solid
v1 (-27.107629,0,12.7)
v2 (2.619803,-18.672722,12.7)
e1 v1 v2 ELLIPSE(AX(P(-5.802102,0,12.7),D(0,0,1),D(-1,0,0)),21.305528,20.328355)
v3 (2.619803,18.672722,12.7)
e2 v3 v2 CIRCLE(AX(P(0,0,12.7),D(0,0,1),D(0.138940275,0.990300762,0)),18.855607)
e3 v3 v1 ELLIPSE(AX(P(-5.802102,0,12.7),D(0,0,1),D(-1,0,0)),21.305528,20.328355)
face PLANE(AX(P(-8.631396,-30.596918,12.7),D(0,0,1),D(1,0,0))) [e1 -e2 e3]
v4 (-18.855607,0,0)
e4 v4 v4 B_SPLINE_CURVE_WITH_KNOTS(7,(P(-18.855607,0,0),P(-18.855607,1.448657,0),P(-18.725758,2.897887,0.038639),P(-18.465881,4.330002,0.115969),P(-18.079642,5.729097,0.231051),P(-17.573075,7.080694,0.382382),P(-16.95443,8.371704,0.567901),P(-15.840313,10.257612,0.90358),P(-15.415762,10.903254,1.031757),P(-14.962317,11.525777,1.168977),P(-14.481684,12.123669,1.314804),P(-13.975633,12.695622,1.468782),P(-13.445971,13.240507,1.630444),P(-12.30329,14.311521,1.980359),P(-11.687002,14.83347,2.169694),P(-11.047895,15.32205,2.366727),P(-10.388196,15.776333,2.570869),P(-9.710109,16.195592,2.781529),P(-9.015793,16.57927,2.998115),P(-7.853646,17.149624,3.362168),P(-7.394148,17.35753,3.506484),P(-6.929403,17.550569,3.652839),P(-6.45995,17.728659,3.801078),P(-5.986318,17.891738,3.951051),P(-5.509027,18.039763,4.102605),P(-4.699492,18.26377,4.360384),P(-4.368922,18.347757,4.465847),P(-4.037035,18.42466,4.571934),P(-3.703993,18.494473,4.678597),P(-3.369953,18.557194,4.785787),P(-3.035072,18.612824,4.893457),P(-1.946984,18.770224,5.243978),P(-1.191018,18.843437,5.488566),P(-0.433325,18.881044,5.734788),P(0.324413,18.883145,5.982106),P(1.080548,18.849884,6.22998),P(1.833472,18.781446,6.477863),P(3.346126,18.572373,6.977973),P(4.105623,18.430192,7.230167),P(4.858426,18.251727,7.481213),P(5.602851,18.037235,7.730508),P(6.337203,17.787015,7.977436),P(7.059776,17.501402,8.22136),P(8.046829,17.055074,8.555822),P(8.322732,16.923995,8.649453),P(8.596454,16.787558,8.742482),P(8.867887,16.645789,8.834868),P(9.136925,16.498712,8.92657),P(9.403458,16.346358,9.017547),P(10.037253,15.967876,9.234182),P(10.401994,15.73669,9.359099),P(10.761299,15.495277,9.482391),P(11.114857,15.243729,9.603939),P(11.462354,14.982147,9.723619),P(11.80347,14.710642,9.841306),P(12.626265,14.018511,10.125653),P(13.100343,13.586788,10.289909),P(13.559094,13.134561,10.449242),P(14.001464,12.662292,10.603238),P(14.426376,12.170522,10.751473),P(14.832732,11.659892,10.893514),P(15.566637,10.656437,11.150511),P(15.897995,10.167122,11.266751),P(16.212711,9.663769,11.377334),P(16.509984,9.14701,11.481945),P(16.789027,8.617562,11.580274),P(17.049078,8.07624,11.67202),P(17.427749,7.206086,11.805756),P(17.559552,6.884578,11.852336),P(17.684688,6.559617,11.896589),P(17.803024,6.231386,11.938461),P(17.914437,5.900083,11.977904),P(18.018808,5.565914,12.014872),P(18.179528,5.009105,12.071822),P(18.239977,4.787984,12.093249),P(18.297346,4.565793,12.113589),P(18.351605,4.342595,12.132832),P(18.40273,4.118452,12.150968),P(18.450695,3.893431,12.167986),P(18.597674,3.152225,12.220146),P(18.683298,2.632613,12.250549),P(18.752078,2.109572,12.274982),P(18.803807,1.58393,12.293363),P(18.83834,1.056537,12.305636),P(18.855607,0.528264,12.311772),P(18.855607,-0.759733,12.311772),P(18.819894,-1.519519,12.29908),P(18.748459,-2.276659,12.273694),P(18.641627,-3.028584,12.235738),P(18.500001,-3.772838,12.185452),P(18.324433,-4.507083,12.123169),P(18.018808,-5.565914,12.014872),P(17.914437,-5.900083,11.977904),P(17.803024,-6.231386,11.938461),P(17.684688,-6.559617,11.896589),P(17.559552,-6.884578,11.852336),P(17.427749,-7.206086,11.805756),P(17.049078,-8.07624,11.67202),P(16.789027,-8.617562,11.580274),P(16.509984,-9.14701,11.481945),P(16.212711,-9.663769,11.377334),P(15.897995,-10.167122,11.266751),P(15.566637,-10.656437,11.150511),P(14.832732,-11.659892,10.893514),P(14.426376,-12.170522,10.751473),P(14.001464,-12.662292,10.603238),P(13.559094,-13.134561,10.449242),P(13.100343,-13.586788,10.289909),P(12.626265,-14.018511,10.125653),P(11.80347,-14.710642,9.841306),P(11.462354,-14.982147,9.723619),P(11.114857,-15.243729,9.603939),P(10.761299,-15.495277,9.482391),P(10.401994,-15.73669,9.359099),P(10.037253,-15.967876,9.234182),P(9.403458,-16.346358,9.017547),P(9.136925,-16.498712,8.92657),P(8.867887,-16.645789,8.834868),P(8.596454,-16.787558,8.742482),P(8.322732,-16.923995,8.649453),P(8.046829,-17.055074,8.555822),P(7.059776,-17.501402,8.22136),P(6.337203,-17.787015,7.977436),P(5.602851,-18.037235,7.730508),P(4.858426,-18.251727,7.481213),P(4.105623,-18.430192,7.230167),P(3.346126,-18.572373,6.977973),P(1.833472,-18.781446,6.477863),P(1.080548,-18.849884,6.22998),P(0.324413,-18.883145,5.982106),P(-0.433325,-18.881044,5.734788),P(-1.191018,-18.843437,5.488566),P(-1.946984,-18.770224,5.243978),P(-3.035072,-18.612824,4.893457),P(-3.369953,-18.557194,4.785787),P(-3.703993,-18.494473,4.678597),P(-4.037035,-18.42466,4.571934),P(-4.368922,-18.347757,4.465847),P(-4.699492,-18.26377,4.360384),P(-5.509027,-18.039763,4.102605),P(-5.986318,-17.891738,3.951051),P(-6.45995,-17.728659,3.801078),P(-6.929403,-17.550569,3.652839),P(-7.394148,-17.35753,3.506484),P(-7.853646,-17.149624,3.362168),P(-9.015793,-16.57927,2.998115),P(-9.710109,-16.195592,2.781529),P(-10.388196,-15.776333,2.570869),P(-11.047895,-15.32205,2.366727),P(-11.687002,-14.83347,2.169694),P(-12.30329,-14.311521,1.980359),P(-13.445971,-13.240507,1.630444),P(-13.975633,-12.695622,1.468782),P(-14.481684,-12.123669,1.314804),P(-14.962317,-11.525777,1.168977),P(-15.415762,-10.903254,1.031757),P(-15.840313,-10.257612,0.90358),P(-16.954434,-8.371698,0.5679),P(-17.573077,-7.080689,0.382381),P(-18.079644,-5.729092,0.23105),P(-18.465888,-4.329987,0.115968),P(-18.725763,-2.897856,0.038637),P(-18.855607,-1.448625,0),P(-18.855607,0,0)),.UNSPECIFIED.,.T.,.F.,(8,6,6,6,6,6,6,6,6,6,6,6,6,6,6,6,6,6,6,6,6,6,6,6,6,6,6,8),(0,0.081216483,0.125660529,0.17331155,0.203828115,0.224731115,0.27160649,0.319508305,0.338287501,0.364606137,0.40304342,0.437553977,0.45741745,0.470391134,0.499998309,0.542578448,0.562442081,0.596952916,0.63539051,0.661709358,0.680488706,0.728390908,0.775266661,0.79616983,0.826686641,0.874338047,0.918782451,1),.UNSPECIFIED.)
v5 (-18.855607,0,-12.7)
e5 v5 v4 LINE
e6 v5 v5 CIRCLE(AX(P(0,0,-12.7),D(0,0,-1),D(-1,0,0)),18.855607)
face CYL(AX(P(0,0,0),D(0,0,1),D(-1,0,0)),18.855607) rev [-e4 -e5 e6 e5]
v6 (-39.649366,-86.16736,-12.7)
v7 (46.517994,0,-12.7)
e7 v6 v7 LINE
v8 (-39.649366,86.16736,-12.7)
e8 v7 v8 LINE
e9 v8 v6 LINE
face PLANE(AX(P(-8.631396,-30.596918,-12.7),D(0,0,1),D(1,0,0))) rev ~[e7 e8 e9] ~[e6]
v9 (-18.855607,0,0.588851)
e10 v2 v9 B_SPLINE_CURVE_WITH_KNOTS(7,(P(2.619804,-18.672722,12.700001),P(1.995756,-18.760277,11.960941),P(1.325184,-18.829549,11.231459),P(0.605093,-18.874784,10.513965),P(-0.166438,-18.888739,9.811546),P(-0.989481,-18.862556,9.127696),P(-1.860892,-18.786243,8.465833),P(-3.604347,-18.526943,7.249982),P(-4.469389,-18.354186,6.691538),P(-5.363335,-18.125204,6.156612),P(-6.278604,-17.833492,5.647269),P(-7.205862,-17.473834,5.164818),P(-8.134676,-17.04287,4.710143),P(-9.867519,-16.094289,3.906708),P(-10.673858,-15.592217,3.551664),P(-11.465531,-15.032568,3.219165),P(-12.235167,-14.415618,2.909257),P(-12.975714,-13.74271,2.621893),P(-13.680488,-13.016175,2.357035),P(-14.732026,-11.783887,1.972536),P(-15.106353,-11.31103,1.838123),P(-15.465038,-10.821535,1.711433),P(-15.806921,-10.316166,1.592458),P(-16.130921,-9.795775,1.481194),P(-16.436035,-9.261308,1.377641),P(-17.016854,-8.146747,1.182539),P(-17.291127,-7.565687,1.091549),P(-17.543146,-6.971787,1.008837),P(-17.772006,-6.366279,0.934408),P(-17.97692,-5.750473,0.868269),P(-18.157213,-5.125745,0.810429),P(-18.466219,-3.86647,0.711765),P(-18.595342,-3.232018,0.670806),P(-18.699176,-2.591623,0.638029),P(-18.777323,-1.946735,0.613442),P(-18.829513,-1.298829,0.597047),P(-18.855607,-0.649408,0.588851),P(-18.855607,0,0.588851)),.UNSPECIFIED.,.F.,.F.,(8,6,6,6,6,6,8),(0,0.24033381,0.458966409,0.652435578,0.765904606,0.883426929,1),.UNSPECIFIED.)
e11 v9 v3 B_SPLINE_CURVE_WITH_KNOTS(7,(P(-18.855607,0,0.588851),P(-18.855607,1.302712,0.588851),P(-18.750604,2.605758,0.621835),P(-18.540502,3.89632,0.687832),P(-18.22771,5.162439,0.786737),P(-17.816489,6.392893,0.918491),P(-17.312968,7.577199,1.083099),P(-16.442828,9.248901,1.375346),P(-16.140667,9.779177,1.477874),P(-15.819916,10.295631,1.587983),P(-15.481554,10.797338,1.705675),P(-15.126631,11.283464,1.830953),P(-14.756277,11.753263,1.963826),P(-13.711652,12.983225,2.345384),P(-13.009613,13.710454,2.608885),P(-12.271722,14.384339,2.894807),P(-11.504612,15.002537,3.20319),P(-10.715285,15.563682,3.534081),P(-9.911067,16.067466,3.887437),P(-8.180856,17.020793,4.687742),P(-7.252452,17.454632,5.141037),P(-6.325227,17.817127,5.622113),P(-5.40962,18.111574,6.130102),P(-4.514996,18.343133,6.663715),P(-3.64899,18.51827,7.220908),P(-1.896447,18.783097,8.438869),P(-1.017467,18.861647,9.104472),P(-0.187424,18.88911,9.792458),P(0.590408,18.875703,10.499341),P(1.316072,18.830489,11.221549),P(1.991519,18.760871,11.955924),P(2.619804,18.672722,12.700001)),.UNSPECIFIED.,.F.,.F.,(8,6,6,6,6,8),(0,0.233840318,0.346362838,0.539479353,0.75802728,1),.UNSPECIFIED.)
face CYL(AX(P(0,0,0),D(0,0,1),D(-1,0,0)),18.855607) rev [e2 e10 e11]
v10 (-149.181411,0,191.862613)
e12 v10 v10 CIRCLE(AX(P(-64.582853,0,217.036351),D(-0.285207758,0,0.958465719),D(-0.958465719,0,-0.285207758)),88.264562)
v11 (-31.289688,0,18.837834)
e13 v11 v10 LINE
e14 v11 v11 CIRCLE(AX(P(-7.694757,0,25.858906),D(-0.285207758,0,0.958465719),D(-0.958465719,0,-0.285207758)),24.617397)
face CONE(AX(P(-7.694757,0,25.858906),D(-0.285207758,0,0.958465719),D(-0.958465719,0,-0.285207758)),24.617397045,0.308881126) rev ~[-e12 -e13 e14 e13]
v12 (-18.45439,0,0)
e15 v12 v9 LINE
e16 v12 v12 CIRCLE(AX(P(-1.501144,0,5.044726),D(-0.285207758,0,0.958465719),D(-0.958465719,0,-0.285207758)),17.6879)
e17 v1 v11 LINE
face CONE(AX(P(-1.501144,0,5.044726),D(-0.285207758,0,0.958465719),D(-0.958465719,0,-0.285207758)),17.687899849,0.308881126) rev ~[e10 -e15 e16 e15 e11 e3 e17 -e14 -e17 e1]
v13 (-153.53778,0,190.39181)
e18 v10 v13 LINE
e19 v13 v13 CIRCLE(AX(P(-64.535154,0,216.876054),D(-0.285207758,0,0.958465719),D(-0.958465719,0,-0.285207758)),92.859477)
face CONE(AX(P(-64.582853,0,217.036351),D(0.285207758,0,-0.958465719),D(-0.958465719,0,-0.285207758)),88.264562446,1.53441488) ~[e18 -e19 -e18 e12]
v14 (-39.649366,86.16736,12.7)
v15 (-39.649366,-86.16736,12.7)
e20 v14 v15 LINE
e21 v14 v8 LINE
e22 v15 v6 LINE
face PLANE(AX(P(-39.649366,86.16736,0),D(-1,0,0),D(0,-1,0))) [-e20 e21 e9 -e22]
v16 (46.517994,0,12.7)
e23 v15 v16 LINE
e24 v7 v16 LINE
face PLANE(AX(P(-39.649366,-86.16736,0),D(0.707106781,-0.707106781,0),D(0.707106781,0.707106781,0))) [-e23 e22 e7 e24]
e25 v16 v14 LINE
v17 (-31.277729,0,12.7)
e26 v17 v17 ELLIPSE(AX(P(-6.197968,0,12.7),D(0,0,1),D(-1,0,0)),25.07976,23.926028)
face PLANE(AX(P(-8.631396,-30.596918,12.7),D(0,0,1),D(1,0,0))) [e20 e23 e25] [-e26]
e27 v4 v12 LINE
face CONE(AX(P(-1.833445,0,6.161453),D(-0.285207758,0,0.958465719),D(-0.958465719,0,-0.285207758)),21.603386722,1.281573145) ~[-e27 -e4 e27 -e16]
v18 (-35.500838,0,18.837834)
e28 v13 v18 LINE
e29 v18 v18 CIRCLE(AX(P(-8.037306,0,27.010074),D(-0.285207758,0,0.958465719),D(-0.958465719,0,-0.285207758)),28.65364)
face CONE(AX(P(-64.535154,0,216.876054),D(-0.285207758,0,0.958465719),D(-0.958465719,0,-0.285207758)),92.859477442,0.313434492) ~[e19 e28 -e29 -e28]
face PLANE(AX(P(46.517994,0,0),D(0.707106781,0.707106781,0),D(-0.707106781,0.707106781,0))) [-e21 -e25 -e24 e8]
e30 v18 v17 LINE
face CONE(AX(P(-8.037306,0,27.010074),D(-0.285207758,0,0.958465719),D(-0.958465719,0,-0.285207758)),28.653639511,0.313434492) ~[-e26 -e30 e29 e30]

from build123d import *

# Parameters (mm, degrees)
F3_DEPTH = 12.7


with BuildPart() as f1:
    # F0 (on Front) → F1 (revolve)
    with BuildSketch(Plane.XZ):
        Polygon((-153.5377800465, 190.3918104444), (-35.5008375951, 18.8378337771), (-31.2896880625, 18.8378337771), (-149.1814106703, 191.8626129627), align=None)
        Polygon((-35.5008375951, 18.8378337771), (-22.5395507474, 0), (-18.4543896466, 0), (-31.2896880625, 18.8378337771), align=None)
    revolve(axis=Axis((-32.7495573248, 0, 110.0577637553), (-0.2852077577, 0, 0.9584657192)))

    # F2 (on Top) → F3 (join, symmetric)
    with BuildSketch(Plane.XY):
        with BuildLine():
            Line((-39.649366063, -86.1673603178), (46.5179942548, 0))
            Line((46.5179942548, 0), (18.8556073768, 0))
            ThreePointArc((18.8556073768, 0), (0, -18.8556073768), (-18.8556073768, 0))
            Line((-18.8556073768, 0), (-39.649366063, 0))
            Line((-39.649366063, 0), (-39.649366063, -86.1673603178))
        make_face()
        with BuildLine():
            Line((18.8556073768, 0), (46.5179942548, 0))
            Line((46.5179942548, 0), (-39.649366063, 86.1673603178))
            Line((-39.649366063, 86.1673603178), (-39.649366063, 0))
            Line((-39.649366063, 0), (-18.8556073768, 0))
            ThreePointArc((-18.8556073768, 0), (0, 18.8556073768), (18.8556073768, 0))
        make_face()
    extrude(amount=F3_DEPTH, both=True)


solid = f1.part
